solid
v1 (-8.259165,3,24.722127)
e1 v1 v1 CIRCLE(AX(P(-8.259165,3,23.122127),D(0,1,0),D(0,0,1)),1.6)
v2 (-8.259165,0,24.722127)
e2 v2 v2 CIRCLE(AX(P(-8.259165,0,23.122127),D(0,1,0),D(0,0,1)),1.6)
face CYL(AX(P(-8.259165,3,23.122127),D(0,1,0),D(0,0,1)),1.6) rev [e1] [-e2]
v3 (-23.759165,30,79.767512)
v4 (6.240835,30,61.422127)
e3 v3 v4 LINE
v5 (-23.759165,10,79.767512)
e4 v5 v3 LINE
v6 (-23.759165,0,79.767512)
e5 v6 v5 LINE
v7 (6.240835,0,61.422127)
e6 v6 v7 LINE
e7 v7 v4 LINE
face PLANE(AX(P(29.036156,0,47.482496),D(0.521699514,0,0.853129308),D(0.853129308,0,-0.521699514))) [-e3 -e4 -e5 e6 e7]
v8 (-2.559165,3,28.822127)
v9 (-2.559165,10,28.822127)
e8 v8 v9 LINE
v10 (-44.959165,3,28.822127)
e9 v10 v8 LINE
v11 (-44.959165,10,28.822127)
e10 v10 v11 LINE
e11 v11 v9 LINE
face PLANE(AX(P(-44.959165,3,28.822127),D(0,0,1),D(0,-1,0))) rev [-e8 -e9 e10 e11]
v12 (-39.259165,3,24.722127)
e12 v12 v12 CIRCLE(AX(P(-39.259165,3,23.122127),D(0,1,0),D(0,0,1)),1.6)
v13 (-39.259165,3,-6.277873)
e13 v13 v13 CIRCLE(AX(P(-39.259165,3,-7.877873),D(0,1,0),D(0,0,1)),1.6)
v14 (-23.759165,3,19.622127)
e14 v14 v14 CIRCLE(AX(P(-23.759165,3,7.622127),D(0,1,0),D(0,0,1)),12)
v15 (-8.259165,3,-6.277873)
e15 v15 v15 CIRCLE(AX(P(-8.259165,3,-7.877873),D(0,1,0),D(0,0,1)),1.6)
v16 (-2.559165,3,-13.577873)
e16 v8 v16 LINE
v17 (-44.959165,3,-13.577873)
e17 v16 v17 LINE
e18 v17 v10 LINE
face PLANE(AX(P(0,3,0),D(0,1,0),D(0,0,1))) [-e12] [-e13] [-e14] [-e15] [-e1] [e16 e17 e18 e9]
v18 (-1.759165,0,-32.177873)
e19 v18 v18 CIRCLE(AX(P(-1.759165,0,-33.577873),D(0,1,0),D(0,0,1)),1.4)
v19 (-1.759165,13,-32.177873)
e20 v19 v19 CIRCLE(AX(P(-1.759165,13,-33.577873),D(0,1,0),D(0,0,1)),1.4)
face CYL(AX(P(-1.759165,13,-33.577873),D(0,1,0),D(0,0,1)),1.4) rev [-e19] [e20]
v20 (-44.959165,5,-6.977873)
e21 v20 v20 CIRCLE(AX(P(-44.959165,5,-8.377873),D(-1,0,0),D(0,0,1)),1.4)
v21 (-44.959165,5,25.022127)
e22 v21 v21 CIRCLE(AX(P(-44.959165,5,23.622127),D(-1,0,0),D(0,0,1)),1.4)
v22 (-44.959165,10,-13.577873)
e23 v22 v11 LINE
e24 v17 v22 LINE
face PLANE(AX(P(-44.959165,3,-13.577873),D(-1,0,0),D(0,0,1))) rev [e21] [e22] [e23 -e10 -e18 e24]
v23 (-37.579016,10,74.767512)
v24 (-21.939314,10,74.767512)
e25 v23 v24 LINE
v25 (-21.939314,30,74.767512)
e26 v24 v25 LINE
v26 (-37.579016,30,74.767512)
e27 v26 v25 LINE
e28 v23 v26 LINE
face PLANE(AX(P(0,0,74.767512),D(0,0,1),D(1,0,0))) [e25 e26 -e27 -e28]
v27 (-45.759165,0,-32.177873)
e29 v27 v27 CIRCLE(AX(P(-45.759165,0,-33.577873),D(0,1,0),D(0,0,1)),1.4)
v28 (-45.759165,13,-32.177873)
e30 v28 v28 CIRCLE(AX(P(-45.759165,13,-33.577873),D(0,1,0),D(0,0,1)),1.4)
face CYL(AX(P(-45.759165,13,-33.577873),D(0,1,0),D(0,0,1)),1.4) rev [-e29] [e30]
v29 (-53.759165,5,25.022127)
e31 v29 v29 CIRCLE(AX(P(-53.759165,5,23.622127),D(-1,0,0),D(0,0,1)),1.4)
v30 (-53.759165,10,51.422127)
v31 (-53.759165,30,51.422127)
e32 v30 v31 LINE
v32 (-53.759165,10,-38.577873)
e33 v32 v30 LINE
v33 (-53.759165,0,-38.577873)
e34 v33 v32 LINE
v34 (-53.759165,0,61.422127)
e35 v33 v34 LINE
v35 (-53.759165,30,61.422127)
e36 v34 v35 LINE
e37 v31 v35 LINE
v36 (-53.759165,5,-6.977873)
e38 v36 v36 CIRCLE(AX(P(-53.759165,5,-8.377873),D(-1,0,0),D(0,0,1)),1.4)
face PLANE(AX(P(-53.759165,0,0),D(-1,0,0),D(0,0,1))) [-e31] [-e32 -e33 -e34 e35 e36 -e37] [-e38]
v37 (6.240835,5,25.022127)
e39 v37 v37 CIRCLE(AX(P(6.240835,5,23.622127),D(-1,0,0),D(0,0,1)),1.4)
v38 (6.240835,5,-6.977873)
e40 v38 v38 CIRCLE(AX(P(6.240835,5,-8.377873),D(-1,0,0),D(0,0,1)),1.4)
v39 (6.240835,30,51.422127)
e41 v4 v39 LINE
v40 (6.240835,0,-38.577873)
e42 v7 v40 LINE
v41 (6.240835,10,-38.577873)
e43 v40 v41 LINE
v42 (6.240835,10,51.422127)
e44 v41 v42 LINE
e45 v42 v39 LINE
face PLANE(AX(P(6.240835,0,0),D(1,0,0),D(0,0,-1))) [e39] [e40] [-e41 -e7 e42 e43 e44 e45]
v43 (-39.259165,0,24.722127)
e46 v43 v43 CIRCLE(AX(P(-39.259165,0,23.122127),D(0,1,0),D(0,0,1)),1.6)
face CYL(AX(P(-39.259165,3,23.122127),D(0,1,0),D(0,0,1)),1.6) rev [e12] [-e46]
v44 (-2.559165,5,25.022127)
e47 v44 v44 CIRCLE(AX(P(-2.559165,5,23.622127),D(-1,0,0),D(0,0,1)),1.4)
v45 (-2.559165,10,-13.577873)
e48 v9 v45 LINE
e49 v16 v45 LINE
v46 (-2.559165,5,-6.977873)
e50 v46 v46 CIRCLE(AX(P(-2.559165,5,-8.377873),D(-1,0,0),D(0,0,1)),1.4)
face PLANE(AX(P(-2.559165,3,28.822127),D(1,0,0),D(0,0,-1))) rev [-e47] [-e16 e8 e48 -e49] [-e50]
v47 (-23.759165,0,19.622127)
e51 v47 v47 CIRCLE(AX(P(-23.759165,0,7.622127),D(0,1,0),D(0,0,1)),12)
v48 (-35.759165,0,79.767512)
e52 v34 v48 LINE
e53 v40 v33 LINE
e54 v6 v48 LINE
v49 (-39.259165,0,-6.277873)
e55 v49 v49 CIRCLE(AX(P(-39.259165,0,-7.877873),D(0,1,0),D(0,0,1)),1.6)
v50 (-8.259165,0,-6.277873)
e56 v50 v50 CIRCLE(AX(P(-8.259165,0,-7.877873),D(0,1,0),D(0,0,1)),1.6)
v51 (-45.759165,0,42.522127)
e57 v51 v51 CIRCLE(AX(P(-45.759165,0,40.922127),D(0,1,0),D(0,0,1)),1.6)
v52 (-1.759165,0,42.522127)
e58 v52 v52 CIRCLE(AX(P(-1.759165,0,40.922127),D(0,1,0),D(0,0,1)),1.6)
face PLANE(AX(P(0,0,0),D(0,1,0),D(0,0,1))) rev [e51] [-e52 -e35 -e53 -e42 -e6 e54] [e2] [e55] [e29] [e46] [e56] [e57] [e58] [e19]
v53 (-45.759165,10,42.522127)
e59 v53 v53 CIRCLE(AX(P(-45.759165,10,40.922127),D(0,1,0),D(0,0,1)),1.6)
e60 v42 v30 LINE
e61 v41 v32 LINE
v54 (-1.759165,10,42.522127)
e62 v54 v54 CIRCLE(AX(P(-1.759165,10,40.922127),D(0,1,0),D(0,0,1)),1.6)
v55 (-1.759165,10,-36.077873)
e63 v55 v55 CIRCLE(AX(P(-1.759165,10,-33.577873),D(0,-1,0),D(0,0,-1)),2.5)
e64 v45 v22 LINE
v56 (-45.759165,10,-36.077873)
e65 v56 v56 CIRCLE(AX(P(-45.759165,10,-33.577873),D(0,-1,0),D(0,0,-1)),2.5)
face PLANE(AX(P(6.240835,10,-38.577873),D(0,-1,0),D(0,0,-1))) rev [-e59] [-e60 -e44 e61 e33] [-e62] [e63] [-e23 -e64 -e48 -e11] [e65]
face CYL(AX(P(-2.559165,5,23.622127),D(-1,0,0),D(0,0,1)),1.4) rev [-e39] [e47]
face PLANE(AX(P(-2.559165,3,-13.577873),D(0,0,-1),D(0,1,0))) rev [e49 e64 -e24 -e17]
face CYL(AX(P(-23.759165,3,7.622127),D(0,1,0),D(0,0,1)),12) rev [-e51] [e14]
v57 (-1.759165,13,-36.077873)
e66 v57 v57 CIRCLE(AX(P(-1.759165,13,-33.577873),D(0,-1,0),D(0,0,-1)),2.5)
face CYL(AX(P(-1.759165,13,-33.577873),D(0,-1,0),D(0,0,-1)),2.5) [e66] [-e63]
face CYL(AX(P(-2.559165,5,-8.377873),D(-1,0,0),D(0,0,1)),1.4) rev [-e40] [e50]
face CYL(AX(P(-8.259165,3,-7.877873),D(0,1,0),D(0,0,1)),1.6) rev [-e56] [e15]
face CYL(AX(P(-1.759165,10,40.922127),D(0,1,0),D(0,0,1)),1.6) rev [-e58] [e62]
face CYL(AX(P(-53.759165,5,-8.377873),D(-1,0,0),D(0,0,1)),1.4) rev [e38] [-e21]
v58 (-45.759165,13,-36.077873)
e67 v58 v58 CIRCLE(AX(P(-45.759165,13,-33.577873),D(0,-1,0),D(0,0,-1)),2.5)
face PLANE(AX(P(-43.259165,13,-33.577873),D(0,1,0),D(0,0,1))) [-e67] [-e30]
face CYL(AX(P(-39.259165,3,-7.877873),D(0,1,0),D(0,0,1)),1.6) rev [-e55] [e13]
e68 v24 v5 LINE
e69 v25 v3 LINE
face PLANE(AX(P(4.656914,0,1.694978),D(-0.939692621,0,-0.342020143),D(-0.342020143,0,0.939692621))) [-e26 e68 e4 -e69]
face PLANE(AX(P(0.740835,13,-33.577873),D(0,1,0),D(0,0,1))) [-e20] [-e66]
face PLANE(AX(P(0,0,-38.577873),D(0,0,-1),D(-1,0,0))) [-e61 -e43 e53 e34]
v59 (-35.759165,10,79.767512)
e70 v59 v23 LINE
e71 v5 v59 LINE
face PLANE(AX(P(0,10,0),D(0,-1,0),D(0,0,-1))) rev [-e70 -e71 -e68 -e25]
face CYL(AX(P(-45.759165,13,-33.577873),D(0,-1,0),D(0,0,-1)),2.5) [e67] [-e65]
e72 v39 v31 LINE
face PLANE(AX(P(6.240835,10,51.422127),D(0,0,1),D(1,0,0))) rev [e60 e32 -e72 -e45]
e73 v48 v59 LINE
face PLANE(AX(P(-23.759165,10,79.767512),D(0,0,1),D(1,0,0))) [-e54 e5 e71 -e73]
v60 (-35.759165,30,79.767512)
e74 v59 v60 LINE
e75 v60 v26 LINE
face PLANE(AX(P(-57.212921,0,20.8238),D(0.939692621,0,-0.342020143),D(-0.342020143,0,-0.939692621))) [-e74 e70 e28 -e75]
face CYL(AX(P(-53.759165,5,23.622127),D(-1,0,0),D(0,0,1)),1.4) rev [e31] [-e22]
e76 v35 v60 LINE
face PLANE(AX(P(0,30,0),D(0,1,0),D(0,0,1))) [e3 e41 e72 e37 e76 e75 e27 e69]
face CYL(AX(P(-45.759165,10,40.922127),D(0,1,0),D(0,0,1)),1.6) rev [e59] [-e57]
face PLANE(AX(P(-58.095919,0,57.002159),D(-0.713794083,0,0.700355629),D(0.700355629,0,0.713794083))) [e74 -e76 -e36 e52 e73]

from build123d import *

# Parameters (mm, degrees)
EXTRUDE_1_DEPTH             = 30
SKETCH_2_W                  = 90
SKETCH_2_H                  = 20
CUT_EXTRUDE_1_DEPTH         = 61
SKETCH_3_W                  = 42.4
SKETCH_3_H                  = 42.4
CUT_EXTRUDE_2_DEPTH         = 7
SKETCH_4_W                  = 2.5
SKETCH_4_H                  = 3
SKETCH_5_W                  = 2.5
SKETCH_5_H                  = 3
HOLE_WIZARD_24_0_24_1_D     = 24
HOLE_WIZARD_24_0_24_1_DEPTH = 3
HOLE_WIZARD_3_2_3_2_1_D     = 3.2
HOLE_WIZARD_3_2_3_2_1_DEPTH = 3
HOLE_WIZARD_2_8_2_8_1_D     = 2.8
HOLE_WIZARD_2_8_2_8_1_DEPTH = 13
HOLE_WIZARD_3_2_3_2_2_D     = 3.2
HOLE_WIZARD_3_2_3_2_2_DEPTH = 10
HOLE_WIZARD_2_8_2_8_2_D     = 2.8
HOLE_WIZARD_2_8_2_8_2_DEPTH = 8.8
HOLE_WIZARD_2_8_2_8_3_D     = 2.8
HOLE_WIZARD_2_8_2_8_3_DEPTH = 8.8
EXTRUDE_2_DEPTH             = 10


with BuildPart() as part:
    # 草图1 → 凸台-拉伸1 (new body)
    with BuildSketch(Plane(origin=(0, 30, 0), x_dir=(1, 0, 0), z_dir=(0, 1, 0))):
        Polygon((-53.759164819, 38.577872891), (-53.759164819, -61.422127109), (-35.759164819, -79.767511878), (-37.57901599, -74.767511878), (-21.939313647, -74.767511878), (-23.759164819, -79.767511878), (6.240835181, -61.422127109), (6.240835181, 38.577872891), align=None)
    extrude(amount=-EXTRUDE_1_DEPTH)

    # 草图2 → 切除-拉伸1 (cut, through all)
    with BuildSketch(Plane.ZY.offset(53.759164819)):
        with Locations((6.422127109, 20)):
            Rectangle(SKETCH_2_W, SKETCH_2_H)
    extrude(amount=-CUT_EXTRUDE_1_DEPTH, mode=Mode.SUBTRACT)

    # 草图3 → 切除-拉伸2 (cut)
    with BuildSketch(Plane(origin=(0, 10, 0), x_dir=(-1, 0, 0), z_dir=(0, 1, 0))):
        with Locations((23.759164819, 7.622127109)):
            Rectangle(SKETCH_3_W, SKETCH_3_H)
    extrude(amount=-CUT_EXTRUDE_2_DEPTH, mode=Mode.SUBTRACT)

    # 草图4 → 旋转1 (revolve)
    with BuildSketch(Plane.XY.offset(-33.577872891)):
        with Locations((-44.509164819, 11.5)):
            Rectangle(SKETCH_4_W, SKETCH_4_H)
    revolve(axis=Axis((-45.759164819, 13, -33.577872891), (0, -1, 0)))

    # 草图5 → 旋转2 (revolve)
    with BuildSketch(Plane.XY.offset(-33.577872891)):
        with Locations((-0.509164819, 11.5)):
            Rectangle(SKETCH_5_W, SKETCH_5_H)
    revolve(axis=Axis((-1.759164819, 13, -33.577872891), (0, -1, 0)))

    # Ø24.0 (24) 直径孔1
    with Locations(Plane(origin=(0, 3, 0), x_dir=(1, 0, 0), z_dir=(0, 1, 0))):
        with Locations((-23.759164819, -7.622127109)):
            Hole(HOLE_WIZARD_24_0_24_1_D / 2, depth=HOLE_WIZARD_24_0_24_1_DEPTH)

    # Ø3.2 (3.2) 直径孔1
    with Locations(Plane(origin=(0, 3, 0), x_dir=(1, 0, 0), z_dir=(0, 1, 0))):
        with Locations((-8.259164819, -23.122127109), (-39.259164819, 7.877872891), (-8.259164819, 7.877872891), (-39.259164819, -23.122127109)):
            Hole(HOLE_WIZARD_3_2_3_2_1_D / 2, depth=HOLE_WIZARD_3_2_3_2_1_DEPTH)

    # Ø2.8 (2.8) 直径孔1
    with Locations(Plane(origin=(0, 13, 0), x_dir=(1, 0, 0), z_dir=(0, 1, 0))):
        with Locations((-45.759164819, 33.577872891), (-1.759164819, 33.577872891)):
            Hole(HOLE_WIZARD_2_8_2_8_1_D / 2, depth=HOLE_WIZARD_2_8_2_8_1_DEPTH)

    # Ø3.2 (3.2) 直径孔2
    with Locations(Plane(origin=(0, 10, 0), x_dir=(1, 0, 0), z_dir=(0, 1, 0))):
        with Locations((-45.759164819, -40.922127109), (-1.759164819, -40.922127109)):
            Hole(HOLE_WIZARD_3_2_3_2_2_D / 2, depth=HOLE_WIZARD_3_2_3_2_2_DEPTH)

    # Ø2.8 (2.8) 直径孔2
    with Locations(Plane.ZY.offset(53.759164819)):
        with Locations((-8.377872891, 5), (23.622127109, 5)):
            Hole(HOLE_WIZARD_2_8_2_8_2_D / 2, depth=HOLE_WIZARD_2_8_2_8_2_DEPTH)

    # Ø2.8 (2.8) 直径孔3
    with Locations(Plane.ZY.offset(2.559164819)):
        with Locations((-8.377872891, 5), (23.622127109, 5)):
            Hole(HOLE_WIZARD_2_8_2_8_3_D / 2, depth=HOLE_WIZARD_2_8_2_8_3_DEPTH)

    # 草图18 → 凸台-拉伸2 (add)
    with BuildSketch(Plane.XZ):
        Polygon((-35.759164819, 79.767511878), (-37.57901599, 74.767511878), (-21.939313647, 74.767511878), (-23.759164819, 79.767511878), align=None)
    extrude(amount=-EXTRUDE_2_DEPTH)


solid = part.part
